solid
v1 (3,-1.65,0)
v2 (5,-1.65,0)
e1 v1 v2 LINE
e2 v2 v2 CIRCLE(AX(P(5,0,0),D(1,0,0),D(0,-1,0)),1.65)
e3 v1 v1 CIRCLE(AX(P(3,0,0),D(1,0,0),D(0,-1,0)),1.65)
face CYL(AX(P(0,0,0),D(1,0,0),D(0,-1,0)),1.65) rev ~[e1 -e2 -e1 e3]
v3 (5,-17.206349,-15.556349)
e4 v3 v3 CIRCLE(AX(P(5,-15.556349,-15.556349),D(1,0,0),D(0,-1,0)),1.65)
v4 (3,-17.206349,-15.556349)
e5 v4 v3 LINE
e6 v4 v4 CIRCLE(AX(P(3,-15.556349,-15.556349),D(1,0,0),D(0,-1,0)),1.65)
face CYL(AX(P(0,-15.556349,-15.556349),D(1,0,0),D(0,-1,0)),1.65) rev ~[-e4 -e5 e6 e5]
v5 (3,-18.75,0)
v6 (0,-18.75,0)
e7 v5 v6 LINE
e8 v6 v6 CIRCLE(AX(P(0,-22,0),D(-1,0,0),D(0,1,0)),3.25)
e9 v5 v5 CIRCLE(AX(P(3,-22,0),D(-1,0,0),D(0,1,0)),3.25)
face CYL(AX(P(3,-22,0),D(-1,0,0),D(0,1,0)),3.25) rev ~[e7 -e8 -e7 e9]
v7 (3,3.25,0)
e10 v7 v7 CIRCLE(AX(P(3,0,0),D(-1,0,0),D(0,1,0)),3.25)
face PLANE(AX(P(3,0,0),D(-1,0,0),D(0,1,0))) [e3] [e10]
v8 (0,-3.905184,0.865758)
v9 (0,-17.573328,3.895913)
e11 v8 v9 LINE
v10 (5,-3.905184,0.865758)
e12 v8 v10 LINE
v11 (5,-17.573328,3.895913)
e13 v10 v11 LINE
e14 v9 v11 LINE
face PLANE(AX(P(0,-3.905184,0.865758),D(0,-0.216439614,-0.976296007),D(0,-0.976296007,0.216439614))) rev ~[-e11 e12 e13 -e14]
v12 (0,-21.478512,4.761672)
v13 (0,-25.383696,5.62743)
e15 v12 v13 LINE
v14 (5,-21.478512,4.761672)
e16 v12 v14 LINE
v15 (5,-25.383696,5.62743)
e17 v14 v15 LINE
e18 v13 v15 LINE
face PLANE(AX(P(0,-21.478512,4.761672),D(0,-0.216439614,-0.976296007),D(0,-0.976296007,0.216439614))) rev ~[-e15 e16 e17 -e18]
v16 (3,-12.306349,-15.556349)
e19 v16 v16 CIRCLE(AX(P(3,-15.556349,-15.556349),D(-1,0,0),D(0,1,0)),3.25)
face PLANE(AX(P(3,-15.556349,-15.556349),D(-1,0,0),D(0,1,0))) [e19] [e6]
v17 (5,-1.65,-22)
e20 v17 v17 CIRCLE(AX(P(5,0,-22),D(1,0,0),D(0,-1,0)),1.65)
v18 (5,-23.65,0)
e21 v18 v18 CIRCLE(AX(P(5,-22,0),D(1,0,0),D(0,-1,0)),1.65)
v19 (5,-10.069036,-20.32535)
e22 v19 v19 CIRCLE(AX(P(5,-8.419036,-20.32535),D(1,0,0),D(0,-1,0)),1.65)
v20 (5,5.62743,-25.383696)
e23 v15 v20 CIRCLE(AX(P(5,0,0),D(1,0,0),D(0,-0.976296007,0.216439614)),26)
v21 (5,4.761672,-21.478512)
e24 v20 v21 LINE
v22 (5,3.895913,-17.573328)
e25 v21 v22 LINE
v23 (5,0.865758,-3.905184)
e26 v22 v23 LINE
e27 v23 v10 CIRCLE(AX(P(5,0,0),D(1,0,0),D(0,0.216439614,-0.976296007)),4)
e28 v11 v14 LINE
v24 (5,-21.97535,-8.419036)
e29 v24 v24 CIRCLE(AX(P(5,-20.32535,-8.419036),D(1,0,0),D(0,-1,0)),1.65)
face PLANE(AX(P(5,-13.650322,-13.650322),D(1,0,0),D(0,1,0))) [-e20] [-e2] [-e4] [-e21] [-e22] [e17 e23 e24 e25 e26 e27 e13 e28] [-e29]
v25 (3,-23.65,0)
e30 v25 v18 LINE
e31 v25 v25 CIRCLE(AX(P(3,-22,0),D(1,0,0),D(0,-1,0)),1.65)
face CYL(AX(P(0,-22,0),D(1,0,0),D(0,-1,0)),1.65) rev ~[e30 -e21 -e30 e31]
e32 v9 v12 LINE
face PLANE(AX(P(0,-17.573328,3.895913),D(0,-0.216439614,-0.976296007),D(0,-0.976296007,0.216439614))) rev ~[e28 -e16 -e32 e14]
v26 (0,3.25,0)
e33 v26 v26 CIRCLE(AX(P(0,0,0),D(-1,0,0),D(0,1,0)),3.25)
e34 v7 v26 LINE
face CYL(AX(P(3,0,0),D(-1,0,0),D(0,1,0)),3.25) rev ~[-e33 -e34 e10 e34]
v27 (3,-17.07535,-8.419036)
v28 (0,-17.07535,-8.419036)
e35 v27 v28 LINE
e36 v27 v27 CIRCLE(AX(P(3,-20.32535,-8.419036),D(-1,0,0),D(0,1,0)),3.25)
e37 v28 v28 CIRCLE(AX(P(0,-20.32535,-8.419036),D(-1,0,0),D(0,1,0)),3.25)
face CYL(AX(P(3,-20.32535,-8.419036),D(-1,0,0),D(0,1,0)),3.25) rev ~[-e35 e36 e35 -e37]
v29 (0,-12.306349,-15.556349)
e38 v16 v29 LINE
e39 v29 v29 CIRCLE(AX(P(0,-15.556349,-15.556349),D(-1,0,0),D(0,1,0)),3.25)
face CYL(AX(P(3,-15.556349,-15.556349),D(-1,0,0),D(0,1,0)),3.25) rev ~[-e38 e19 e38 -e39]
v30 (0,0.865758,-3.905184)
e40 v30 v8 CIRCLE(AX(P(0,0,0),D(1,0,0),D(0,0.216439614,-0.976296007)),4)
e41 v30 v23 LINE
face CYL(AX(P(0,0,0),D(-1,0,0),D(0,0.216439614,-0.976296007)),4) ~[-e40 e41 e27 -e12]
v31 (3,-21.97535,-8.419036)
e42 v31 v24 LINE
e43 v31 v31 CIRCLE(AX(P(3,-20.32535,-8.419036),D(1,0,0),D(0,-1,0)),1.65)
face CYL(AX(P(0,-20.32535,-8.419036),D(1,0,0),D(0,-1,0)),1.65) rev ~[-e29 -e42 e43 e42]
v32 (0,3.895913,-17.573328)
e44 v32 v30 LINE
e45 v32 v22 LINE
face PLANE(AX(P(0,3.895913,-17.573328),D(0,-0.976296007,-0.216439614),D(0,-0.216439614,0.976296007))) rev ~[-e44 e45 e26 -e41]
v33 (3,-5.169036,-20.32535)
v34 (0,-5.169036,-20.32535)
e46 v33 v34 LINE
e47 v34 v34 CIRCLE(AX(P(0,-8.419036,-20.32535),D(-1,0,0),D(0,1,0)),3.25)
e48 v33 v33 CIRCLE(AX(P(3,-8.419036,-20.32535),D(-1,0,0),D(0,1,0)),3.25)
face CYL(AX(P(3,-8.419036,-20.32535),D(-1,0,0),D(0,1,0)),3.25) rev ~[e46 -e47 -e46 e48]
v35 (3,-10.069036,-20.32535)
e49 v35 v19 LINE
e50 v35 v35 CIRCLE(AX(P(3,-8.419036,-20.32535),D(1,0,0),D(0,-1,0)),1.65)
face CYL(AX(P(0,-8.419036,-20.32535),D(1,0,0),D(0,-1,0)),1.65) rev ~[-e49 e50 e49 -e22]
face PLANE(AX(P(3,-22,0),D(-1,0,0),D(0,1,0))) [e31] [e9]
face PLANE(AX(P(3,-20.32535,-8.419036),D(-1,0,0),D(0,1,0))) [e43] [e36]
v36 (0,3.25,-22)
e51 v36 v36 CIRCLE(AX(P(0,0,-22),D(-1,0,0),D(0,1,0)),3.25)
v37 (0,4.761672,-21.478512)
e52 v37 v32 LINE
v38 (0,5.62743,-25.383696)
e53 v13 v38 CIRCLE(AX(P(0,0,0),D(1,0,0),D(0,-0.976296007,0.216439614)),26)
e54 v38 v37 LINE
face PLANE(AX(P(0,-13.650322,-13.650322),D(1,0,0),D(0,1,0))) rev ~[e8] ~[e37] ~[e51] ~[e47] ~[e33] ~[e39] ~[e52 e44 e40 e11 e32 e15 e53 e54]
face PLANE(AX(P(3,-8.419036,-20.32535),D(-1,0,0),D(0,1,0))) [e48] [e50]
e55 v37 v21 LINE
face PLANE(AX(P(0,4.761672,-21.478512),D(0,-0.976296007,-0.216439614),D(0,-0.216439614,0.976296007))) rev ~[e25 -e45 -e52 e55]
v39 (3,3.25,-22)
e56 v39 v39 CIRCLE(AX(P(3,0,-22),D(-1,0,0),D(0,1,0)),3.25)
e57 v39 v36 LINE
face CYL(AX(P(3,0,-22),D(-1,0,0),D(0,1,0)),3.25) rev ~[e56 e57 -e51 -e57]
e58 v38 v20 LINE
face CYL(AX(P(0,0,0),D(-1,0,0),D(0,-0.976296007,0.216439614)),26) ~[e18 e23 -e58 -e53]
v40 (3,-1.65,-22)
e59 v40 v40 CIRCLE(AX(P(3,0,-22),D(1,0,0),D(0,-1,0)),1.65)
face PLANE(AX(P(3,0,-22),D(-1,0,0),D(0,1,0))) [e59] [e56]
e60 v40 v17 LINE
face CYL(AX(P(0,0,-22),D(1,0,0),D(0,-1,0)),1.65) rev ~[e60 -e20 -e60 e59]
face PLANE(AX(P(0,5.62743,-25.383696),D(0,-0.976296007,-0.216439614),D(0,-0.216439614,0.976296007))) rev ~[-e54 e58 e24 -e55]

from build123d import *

# Parameters (mm, degrees)
F1_DEPTH       = 5
F2_D           = 3.3
F2_CBORE_D     = 6.5
F2_CBORE_DEPTH = 3


with BuildPart() as f1:
    # F0 (on Right) → F1 (new body)
    with BuildSketch(Plane.YZ):
        with BuildLine():
            Line((-21.4785121566, 4.7616715066), (-25.3836961851, 5.6274299624))
            ThreePointArc((-25.3836961851, 5.6274299624), (-18.3847763109, -18.3847763109), (5.6274299624, -25.3836961851))
            Line((5.6274299624, -25.3836961851), (4.7616715066, -21.4785121566))
            ThreePointArc((4.7616715066, -21.4785121566), (2.3950712467, -21.8692394409), (0, -22))
            ThreePointArc((0, -22), (-4.2919870844, -21.5772761689), (-8.419035512, -20.3253497152))
            ThreePointArc((-8.419035512, -20.3253497152), (-12.2225451264, -18.2923314707), (-15.5563491861, -15.5563491861))
            ThreePointArc((-15.5563491861, -15.5563491861), (-18.2923314707, -12.2225451264), (-20.3253497152, -8.419035512))
            ThreePointArc((-20.3253497152, -8.419035512), (-21.5772761689, -4.2919870844), (-22, 0))
            ThreePointArc((-22, 0), (-21.8692394409, 2.3950712467), (-21.4785121566, 4.7616715066))
        make_face()
        with BuildLine():
            Line((-17.5733281282, 3.8959130509), (-21.4785121566, 4.7616715066))
            ThreePointArc((-21.4785121566, 4.7616715066), (-21.8692394409, 2.3950712467), (-22, 0))
            ThreePointArc((-22, 0), (-21.5772761689, -4.2919870844), (-20.3253497152, -8.419035512))
            ThreePointArc((-20.3253497152, -8.419035512), (-18.2923314707, -12.2225451264), (-15.5563491861, -15.5563491861))
            ThreePointArc((-15.5563491861, -15.5563491861), (-12.2225451264, -18.2923314707), (-8.419035512, -20.3253497152))
            ThreePointArc((-8.419035512, -20.3253497152), (-4.2919870844, -21.5772761689), (0, -22))
            ThreePointArc((0, -22), (2.3950712467, -21.8692394409), (4.7616715066, -21.4785121566))
            Line((4.7616715066, -21.4785121566), (3.8959130509, -17.5733281282))
            ThreePointArc((3.8959130509, -17.5733281282), (-12.7279220614, -12.7279220614), (-17.5733281282, 3.8959130509))
        make_face()
        with BuildLine():
            Line((-3.9051840285, 0.8657584558), (-17.5733281282, 3.8959130509))
            ThreePointArc((-17.5733281282, 3.8959130509), (-12.7279220614, -12.7279220614), (3.8959130509, -17.5733281282))
            Line((3.8959130509, -17.5733281282), (0.8657584558, -3.9051840285))
            Line((0.8657584558, -3.9051840285), (0, 0))
            Line((0, 0), (-3.9051840285, 0.8657584558))
        make_face()
        with BuildLine():
            ThreePointArc((0.8657584558, -3.9051840285), (2.8284271247, 2.8284271247), (-3.9051840285, 0.8657584558))
            Line((-3.9051840285, 0.8657584558), (0, 0))
            Line((0, 0), (0.8657584558, -3.9051840285))
        make_face()
    extrude(amount=F1_DEPTH)

    # F2 (through all)
    with Locations(Plane(origin=(0, 0, 0), x_dir=(0, 1, 0), z_dir=(-1, 0, 0))):
        with Locations((-22, 0), (-20.3253497152, 8.419035512), (-15.5563491861, 15.5563491861), (-8.419035512, 20.3253497152), (0, 22), (0, 0)):
            CounterBoreHole(F2_D / 2, F2_CBORE_D / 2, F2_CBORE_DEPTH)


solid = f1.part
